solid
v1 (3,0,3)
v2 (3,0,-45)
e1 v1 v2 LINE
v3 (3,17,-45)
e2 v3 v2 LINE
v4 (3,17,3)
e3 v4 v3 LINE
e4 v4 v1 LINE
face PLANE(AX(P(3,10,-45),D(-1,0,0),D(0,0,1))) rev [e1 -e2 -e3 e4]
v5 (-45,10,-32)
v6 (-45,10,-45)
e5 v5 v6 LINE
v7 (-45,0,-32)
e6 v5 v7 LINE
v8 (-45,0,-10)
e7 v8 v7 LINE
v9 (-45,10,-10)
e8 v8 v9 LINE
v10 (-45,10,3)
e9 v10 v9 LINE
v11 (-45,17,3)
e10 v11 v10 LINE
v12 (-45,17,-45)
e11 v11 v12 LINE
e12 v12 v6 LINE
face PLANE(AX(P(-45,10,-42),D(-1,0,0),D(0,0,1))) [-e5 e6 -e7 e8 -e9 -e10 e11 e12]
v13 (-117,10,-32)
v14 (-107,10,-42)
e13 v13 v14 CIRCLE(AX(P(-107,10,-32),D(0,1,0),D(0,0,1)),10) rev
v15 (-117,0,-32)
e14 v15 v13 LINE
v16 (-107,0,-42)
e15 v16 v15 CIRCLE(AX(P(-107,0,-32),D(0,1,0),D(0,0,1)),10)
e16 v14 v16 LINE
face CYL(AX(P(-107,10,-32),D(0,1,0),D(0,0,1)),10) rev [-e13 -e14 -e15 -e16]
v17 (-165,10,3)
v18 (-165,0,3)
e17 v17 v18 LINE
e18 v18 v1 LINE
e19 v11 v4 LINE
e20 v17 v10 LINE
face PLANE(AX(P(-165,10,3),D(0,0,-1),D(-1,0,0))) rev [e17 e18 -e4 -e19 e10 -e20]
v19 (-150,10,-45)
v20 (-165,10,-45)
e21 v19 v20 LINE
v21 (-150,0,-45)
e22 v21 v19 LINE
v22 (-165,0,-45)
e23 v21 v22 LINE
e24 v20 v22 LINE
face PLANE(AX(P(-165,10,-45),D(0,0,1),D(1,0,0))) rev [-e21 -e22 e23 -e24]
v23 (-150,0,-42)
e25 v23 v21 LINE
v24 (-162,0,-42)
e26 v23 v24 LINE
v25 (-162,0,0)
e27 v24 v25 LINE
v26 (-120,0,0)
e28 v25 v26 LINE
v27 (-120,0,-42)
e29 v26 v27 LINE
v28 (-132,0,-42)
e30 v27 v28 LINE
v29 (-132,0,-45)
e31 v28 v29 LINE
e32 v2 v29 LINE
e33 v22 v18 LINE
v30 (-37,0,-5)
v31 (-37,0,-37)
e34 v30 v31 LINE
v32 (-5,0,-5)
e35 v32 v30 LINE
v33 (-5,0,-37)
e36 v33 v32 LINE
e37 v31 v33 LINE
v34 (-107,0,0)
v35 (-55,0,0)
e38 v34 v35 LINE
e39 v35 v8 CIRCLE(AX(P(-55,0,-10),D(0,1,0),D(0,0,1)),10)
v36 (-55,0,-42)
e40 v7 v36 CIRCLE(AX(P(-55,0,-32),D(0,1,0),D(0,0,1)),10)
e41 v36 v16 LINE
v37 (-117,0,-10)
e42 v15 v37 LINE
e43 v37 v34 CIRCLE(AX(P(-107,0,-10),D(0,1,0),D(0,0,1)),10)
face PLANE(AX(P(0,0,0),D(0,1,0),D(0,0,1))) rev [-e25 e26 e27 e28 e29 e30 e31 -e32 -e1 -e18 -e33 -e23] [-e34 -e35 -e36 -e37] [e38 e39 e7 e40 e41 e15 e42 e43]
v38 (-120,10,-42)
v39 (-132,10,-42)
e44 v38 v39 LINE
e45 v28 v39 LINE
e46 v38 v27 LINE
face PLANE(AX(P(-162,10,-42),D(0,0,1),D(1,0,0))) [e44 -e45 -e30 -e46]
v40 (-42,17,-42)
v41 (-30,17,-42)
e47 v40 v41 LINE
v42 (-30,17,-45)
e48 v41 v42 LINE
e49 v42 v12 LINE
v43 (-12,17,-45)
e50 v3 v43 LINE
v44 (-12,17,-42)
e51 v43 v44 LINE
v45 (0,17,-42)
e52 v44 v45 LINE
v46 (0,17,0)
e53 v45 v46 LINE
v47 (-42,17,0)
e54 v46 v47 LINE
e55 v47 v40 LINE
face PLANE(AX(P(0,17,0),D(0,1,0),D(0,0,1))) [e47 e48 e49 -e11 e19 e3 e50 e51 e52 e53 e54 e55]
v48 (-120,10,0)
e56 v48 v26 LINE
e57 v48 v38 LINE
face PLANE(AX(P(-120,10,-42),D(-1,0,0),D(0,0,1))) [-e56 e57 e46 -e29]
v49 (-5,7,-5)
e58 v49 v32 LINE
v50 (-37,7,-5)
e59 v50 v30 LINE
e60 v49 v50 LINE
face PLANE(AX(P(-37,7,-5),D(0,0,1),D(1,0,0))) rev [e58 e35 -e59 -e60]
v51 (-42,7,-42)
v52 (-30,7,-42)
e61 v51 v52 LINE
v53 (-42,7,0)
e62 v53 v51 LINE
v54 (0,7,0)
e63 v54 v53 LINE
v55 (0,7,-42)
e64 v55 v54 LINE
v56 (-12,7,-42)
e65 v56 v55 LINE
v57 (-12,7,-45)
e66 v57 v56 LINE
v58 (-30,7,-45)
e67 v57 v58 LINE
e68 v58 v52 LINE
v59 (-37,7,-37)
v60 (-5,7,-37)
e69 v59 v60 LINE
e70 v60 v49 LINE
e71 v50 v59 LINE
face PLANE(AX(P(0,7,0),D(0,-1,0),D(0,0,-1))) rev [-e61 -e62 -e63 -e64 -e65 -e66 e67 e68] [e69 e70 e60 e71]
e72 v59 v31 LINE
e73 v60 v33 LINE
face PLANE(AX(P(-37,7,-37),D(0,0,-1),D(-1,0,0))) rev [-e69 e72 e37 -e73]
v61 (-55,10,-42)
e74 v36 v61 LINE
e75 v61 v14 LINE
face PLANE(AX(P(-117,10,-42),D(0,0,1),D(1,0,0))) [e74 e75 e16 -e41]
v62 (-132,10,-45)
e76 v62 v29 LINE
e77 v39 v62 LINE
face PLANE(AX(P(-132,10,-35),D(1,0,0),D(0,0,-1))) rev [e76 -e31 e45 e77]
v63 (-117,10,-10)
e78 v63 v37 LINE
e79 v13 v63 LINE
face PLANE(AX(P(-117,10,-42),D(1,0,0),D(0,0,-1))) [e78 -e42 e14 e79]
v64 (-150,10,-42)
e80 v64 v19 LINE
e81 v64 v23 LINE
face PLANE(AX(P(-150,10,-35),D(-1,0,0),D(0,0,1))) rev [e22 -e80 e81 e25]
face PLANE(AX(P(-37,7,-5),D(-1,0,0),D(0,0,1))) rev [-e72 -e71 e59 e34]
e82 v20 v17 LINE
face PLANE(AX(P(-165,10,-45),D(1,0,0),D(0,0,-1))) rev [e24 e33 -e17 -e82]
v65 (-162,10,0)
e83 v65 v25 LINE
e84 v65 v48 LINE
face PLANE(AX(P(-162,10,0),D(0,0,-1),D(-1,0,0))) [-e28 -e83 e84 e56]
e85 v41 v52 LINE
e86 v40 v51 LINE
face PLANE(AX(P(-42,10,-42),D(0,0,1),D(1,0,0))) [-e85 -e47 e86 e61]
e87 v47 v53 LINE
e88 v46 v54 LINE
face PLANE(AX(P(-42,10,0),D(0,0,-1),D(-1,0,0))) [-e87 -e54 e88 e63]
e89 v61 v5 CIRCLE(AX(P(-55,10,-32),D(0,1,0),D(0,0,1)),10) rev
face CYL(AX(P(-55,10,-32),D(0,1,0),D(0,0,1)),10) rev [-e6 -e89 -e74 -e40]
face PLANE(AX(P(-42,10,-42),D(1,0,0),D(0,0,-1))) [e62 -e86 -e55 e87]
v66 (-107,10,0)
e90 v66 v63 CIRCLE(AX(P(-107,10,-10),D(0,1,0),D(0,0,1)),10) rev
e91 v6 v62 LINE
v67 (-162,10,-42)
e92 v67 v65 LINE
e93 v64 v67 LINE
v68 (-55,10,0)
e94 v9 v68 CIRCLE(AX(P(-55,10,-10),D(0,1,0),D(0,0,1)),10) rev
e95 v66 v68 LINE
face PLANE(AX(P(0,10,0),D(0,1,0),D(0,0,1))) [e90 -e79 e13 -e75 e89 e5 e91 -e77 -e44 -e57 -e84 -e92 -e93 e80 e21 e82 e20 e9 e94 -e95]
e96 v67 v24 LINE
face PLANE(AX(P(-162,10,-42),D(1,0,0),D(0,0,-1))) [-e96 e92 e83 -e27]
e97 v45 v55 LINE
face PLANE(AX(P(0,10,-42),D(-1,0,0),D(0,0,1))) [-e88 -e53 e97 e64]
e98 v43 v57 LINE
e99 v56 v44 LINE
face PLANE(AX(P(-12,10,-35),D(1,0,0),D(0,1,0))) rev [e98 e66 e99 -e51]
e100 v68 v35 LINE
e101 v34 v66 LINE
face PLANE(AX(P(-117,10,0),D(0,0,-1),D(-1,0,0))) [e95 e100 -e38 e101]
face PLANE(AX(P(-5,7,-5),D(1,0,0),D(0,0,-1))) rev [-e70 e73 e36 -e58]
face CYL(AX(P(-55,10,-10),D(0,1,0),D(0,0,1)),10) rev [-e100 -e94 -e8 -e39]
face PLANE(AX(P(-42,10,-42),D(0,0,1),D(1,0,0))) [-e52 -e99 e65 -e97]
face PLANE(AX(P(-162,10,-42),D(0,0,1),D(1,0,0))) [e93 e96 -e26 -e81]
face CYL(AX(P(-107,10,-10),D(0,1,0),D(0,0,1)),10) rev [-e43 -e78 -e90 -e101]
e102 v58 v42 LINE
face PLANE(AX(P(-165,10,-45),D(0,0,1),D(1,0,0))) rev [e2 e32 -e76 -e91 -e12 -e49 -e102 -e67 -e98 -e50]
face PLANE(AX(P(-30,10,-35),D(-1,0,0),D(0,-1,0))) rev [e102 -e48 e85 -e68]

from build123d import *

# Parameters (mm, degrees)
SKETCH1_W           = 168
SKETCH1_H           = 48
SKETCH1_W_2         = 42
SKETCH1_H_2         = 42
SKETCH1_W_3         = 72
BOSS_EXTRUDE1_DEPTH = 10
SKETCH2_W           = 18
SKETCH2_H           = 10
CUT_EXTRUDE1_DEPTH  = 10
SKETCH3_W           = 42
SKETCH3_H           = 42
SKETCH3_W_2         = 32
SKETCH3_H_2         = 32
BOSS_EXTRUDE2_DEPTH = 7
BOSS_EXTRUDE3_DEPTH = 7
FILLET1_R           = 10
SKETCH6_W           = 18
SKETCH6_H           = 7
BOSS_EXTRUDE4_DEPTH = 3


with BuildPart() as part:
    # Sketch1 → Boss-Extrude1 (new body)
    with BuildSketch(Plane(origin=(0, 0, 0), x_dir=(1, 0, 0), z_dir=(0, 1, 0))):
        with Locations((-81, 21)):
            Rectangle(SKETCH1_W, SKETCH1_H)
        with Locations((-141, 21)):
            Rectangle(SKETCH1_W_2, SKETCH1_H_2, mode=Mode.SUBTRACT)
        with Locations((-21, 21)):
            Rectangle(SKETCH1_W_2, SKETCH1_H_2, mode=Mode.SUBTRACT)
        with Locations((-81, 21)):
            Rectangle(SKETCH1_W_3, SKETCH1_H_2, mode=Mode.SUBTRACT)
    extrude(amount=BOSS_EXTRUDE1_DEPTH)

    # Sketch2 → Cut-Extrude1 (cut)
    with BuildSketch(Plane(origin=(0, 0, -45), x_dir=(-1, 0, 0), z_dir=(0, 0, -1))):
        with Locations((21, 5)):
            Rectangle(SKETCH2_W, SKETCH2_H)
        with Locations((141, 5)):
            Rectangle(SKETCH2_W, SKETCH2_H)
    extrude(amount=-CUT_EXTRUDE1_DEPTH, mode=Mode.SUBTRACT)

    # Sketch3 → Boss-Extrude2 (add)
    with BuildSketch(Plane.XZ):
        with Locations((-21, -21)):
            Rectangle(SKETCH3_W, SKETCH3_H)
        with Locations((-21, -21)):
            Rectangle(SKETCH3_W_2, SKETCH3_H_2, mode=Mode.SUBTRACT)
    extrude(amount=-BOSS_EXTRUDE2_DEPTH)

    # Sketch4 → Boss-Extrude3 (add)
    with BuildSketch(Plane(origin=(0, 10, 0), x_dir=(1, 0, 0), z_dir=(0, 1, 0))):
        Polygon((-42, 42), (-30, 42), (-30, 45), (-42, 45), (-45, 45), (-45, 42), (-45, 0), (-45, -3), (-42, -3), (3, -3), (3, 0), (3, 42), (3, 45), (0, 45), (-12, 45), (-12, 42), (0, 42), (0, 0), (-42, 0), align=None)
    extrude(amount=BOSS_EXTRUDE3_DEPTH)

    # Fillet1
    fillet1_edges = [part.edges().sort_by_distance(p)[0] for p in [
        (-117, 5, -42),
        (-117, 5, 0),
        (-45, 5, 0),
        (-45, 5, -42),
    ]]
    fillet(fillet1_edges, radius=FILLET1_R)

    # Sketch6 → Boss-Extrude4 (add)
    with BuildSketch(Plane(origin=(0, 0, -42), x_dir=(-1, 0, 0), z_dir=(0, 0, -1))):
        with Locations((21, 3.5)):
            Rectangle(SKETCH6_W, SKETCH6_H)
    extrude(amount=BOSS_EXTRUDE4_DEPTH)


solid = part.part
